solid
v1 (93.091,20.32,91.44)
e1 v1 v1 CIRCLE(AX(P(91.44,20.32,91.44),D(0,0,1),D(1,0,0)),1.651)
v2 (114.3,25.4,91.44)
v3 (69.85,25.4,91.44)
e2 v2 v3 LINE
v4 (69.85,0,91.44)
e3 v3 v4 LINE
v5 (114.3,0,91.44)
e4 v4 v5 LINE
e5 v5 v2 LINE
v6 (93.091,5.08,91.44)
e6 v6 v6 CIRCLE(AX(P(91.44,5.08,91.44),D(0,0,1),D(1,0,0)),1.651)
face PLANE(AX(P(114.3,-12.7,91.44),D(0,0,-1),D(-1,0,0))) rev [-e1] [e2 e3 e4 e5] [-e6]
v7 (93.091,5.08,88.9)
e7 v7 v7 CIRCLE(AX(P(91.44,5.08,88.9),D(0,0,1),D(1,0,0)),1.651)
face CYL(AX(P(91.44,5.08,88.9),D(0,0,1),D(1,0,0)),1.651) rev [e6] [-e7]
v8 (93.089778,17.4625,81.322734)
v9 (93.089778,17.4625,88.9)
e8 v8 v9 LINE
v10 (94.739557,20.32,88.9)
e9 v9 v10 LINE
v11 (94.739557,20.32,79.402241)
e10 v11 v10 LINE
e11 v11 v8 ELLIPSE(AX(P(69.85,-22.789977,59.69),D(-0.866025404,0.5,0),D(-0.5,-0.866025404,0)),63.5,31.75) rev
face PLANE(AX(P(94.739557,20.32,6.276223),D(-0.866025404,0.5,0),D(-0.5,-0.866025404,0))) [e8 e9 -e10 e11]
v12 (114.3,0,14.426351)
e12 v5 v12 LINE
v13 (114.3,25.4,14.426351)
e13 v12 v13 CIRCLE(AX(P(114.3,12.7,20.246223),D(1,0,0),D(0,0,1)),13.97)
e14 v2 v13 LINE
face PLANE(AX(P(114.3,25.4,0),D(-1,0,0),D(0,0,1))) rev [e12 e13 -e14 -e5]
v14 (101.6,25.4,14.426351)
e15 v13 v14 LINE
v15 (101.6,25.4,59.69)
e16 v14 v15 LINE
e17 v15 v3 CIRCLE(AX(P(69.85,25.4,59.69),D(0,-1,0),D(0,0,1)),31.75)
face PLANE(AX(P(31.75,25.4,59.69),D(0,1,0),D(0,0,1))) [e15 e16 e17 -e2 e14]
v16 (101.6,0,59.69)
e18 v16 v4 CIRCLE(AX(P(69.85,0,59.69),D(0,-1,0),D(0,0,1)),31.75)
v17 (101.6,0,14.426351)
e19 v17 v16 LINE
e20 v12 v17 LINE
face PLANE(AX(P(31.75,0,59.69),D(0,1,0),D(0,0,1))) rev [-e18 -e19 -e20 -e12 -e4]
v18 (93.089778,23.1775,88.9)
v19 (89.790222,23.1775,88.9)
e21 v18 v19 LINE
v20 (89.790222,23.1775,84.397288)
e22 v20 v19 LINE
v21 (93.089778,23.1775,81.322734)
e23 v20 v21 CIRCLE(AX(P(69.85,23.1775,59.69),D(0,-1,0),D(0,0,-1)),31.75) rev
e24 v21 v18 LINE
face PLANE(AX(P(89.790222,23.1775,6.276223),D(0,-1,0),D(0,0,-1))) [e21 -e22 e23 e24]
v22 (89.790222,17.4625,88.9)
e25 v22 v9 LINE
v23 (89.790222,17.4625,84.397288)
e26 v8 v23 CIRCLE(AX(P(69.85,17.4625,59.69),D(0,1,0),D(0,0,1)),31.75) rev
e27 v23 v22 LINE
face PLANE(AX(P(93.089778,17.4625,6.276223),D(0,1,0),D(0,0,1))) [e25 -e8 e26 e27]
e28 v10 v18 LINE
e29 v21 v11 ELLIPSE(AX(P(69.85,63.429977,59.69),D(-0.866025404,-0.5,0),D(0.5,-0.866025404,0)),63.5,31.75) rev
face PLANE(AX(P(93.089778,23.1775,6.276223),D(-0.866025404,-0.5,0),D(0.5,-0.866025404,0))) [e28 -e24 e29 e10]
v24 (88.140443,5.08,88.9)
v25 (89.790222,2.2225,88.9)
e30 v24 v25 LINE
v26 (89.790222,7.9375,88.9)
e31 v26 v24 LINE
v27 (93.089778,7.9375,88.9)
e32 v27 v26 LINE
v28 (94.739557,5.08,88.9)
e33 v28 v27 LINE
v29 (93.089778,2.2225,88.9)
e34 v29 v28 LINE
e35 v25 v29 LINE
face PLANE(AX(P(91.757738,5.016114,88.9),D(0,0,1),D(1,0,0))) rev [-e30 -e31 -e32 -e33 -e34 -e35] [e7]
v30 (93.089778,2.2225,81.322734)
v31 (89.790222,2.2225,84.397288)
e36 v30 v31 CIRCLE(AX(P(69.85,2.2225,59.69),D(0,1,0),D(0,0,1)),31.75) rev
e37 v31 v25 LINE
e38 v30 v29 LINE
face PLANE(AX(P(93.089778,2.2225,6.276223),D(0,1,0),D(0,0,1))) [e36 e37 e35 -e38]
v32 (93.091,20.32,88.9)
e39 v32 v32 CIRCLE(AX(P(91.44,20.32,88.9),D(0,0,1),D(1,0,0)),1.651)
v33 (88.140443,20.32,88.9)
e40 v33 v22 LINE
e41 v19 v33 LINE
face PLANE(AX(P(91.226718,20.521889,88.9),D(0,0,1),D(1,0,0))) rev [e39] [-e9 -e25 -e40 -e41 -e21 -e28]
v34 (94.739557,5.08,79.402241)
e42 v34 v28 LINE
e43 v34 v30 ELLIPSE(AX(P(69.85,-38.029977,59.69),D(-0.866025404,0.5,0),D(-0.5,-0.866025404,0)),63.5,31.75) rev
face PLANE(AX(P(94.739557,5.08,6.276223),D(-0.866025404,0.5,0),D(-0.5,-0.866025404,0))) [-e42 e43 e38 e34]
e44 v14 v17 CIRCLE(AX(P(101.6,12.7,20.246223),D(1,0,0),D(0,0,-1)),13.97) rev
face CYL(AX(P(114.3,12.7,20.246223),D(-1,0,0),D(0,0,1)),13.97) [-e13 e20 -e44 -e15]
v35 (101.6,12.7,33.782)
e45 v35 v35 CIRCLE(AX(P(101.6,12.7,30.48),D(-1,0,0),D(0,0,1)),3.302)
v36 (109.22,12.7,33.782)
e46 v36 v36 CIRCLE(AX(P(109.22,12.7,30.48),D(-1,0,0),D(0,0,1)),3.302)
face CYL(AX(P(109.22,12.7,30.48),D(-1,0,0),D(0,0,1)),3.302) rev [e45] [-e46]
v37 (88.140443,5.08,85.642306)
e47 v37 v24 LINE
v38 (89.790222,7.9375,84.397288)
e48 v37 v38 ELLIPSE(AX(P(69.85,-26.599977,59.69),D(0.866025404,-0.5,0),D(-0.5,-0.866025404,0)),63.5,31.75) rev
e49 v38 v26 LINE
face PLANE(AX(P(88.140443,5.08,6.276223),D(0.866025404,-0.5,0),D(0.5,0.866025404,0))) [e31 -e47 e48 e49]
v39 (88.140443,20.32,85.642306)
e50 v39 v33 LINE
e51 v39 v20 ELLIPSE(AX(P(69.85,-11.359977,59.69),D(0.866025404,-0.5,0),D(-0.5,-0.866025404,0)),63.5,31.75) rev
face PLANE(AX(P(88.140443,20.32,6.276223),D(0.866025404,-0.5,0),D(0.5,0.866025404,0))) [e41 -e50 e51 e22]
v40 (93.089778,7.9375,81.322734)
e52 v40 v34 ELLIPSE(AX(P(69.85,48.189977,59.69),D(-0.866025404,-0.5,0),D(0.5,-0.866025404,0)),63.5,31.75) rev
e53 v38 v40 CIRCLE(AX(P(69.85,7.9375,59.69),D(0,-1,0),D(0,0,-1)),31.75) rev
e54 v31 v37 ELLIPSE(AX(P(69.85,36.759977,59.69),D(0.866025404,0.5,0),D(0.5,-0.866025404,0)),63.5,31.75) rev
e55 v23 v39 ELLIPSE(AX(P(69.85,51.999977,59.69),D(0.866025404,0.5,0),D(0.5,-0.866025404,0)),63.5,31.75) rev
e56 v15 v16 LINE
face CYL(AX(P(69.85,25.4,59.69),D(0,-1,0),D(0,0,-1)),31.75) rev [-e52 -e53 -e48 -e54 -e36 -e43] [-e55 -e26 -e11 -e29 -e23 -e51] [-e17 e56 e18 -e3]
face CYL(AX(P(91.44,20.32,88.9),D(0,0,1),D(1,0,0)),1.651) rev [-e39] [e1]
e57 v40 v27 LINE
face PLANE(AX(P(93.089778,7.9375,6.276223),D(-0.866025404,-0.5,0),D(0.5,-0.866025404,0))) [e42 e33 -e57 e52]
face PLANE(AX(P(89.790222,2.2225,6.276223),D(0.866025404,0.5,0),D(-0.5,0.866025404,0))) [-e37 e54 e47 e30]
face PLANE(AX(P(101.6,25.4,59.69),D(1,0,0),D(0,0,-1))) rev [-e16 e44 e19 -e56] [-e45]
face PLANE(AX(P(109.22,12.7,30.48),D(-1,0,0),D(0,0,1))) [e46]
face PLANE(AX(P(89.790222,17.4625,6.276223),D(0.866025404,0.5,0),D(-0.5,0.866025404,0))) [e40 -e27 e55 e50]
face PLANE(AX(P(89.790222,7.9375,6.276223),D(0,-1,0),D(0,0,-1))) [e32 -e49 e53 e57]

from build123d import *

# Parameters (mm, degrees)
BOSS_EXTRUDE1_DEPTH     = 25.4
SKETCH4_R               = 3.302
CUT_EXTRUDE2_DEPTH      = 7.62
SKETCH2_R               = 1.5875
SKETCH2_R_2             = 3.302
CUT_EXTRUDE3_DEPTH      = 7.62
SKETCH6_W               = 121.92
SKETCH6_H               = 12.7
BOSS_EXTRUDE2_DEPTH     = 7.62
CUT_EXTRUDE4_DEPTH      = 3.81
SKETCH10_R              = 2.921
CUT_EXTRUDE5_DEPTH      = 3.048
SKETCH11_R              = 1.5875
CUT_EXTRUDE6_DEPTH      = 96.25
CUT_EXTRUDE7_REACH      = 101.06
SKETCH12_W              = 8.89
SKETCH12_H              = 20.32
CUT_EXTRUDE8_DEPTH      = 1
CUT_EXTRUDE8_DEPTH_BACK = 122.92
CUT_EXTRUDE9_DEPTH      = 86.163777405
SKETCH16_W              = 44.941172762
SKETCH16_H              = 85.163777405
CUT_EXTRUDE10_DEPTH     = 51.8
SKETCH18_R              = 4.468004781
SKETCH18_R_2            = 4.110212911
BOSS_EXTRUDE3_DEPTH     = 2.54
SKETCH19_R              = 1.651
CUT_EXTRUDE11_DEPTH     = 2.54


with BuildPart() as part:
    # Sketch1 → Boss-Extrude1 (new body)
    with BuildSketch(Plane(origin=(0, 0, 0), x_dir=(1, 0, 0), z_dir=(0, 1, 0))):
        with BuildLine():
            Line((0, 0), (0, -59.69))
            ThreePointArc((0, -59.69), (9.299359697, -82.140640303), (31.75, -91.44))
            Line((31.75, -91.44), (69.85, -91.44))
            ThreePointArc((69.85, -91.44), (92.300640303, -82.140640303), (101.6, -59.69))
            Line((101.6, -59.69), (101.6, 0))
            Line((101.6, 0), (114.3, 0))
            Line((114.3, 0), (114.3, -99.06))
            Line((114.3, -99.06), (-7.62, -99.06))
            Line((-7.62, -99.06), (-7.62, 0))
            Line((-7.62, 0), (0, 0))
        make_face()
    extrude(amount=BOSS_EXTRUDE1_DEPTH)

    # Sketch4 → Cut-Extrude2 (cut)
    with BuildSketch(Plane.ZY.offset(-101.6)):
        with Locations((30.48, 12.7)):
            Circle(SKETCH4_R)
    extrude(amount=-CUT_EXTRUDE2_DEPTH, mode=Mode.SUBTRACT)

    # Sketch2 → Cut-Extrude3 (cut)
    with BuildSketch(Plane(origin=(0, 0, 0), x_dir=(0, 0, -1), z_dir=(1, 0, 0))):
        with Locations((-15.24, 12.7)):
            Circle(SKETCH2_R)
        with Locations((-45.72, 12.7)):
            Circle(SKETCH2_R)
        with Locations((-30.48, 12.7)):
            Circle(SKETCH2_R_2)
    extrude(amount=-CUT_EXTRUDE3_DEPTH, mode=Mode.SUBTRACT)

    # Sketch6 → Boss-Extrude2 (add)
    with BuildSketch(Plane.XY.offset(99.06)):
        with Locations((53.34, 31.75)):
            Rectangle(SKETCH6_W, SKETCH6_H)
        with Locations((53.34, -6.35)):
            Rectangle(SKETCH6_W, SKETCH6_H)
    extrude(amount=-BOSS_EXTRUDE2_DEPTH)

    # Sketch7 → Cut-Extrude4 (cut)
    with BuildSketch(Plane.XY.offset(99.06)):
        Polygon((12.284426472, 29.21), (9.901413236, 33.3375), (5.135386764, 33.3375), (2.752373528, 29.21), (5.135386764, 25.0825), (9.901413236, 25.0825), align=None)
        Polygon((103.724426472, -3.81), (101.341413236, 0.3175), (96.575386764, 0.3175), (94.192373528, -3.81), (96.575386764, -7.9375), (101.341413236, -7.9375), align=None)
    extrude(amount=-CUT_EXTRUDE4_DEPTH, mode=Mode.SUBTRACT)

    # Sketch10 → Cut-Extrude5 (cut)
    with BuildSketch(Plane.ZY.offset(7.62)):
        with Locations((15.24, 12.7)):
            Circle(SKETCH10_R)
        with Locations((45.72, 12.7)):
            Circle(SKETCH10_R)
    extrude(amount=-CUT_EXTRUDE5_DEPTH, mode=Mode.SUBTRACT)

    # Sketch11 → Cut-Extrude6 (cut, through all)
    with BuildSketch(Plane.XY.offset(95.25)):
        with Locations((7.5184, 29.21)):
            Circle(SKETCH11_R)
        with Locations((98.9584, -3.81)):
            Circle(SKETCH11_R)
    extrude(amount=-CUT_EXTRUDE6_DEPTH, mode=Mode.SUBTRACT)

    # Sketch12 → Cut-Extrude7 (cut, up to next)
    with BuildSketch(Plane.XY.offset(99.06), mode=Mode.PRIVATE) as cut_extrude7_sk1:
        with Locations((62.8396, 12.7)):
            Rectangle(SKETCH12_W, SKETCH12_H)
    cut_extrude7_tool1 = extrude(cut_extrude7_sk1.sketch, amount=-CUT_EXTRUDE7_REACH, mode=Mode.PRIVATE) & part.part
    add(cut_extrude7_tool1.solids().sort_by_distance((62.8396, 12.7, 99.06))[0], mode=Mode.SUBTRACT)

    # Sketch14 → Cut-Extrude8 (cut, two sides)
    with BuildSketch(Plane.ZY.offset(7.62)) as cut_extrude8_sk:
        with BuildLine():
            Line((14.426351463, 25.4), (0, 25.4))
            Line((0, 25.4), (0, 0))
            Line((0, 0), (14.426351463, 0))
            ThreePointArc((14.426351463, 0), (6.276222595, 12.7), (14.426351463, 25.4))
        make_face()
    extrude(amount=CUT_EXTRUDE8_DEPTH, mode=Mode.SUBTRACT)
    extrude(cut_extrude8_sk.sketch, amount=-CUT_EXTRUDE8_DEPTH_BACK, mode=Mode.SUBTRACT)

    # Sketch15 → Cut-Extrude9 (cut, through all)
    with BuildSketch(Plane(origin=(0, 0, 91.44), x_dir=(-1, 0, 0), z_dir=(0, 0, -1))):
        Polygon((-88.140443212, 20.32), (-89.790221606, 23.1775), (-93.089778394, 23.1775), (-94.739556788, 20.32), (-93.089778394, 17.4625), (-89.790221606, 17.4625), align=None)
        Polygon((-88.140443212, 5.08), (-89.790221606, 7.9375), (-93.089778394, 7.9375), (-94.739556788, 5.08), (-93.089778394, 2.2225), (-89.790221606, 2.2225), align=None)
    extrude(amount=CUT_EXTRUDE9_DEPTH, mode=Mode.SUBTRACT)

    # Sketch16 → Cut-Extrude10 (cut, through all)
    with BuildSketch(Plane(origin=(0, 38.1, 0), x_dir=(1, 0, 0), z_dir=(0, 1, 0))):
        Polygon((114.3, -99.06), (114.3, -91.44), (37.321172762, -91.44), (-7.62, -91.44), (-7.62, -99.06), align=None)
        with Locations((14.850586381, -48.858111298)):
            Rectangle(SKETCH16_W, SKETCH16_H)
    extrude(amount=-CUT_EXTRUDE10_DEPTH, mode=Mode.SUBTRACT)

    # Sketch18 → Boss-Extrude3 (add)
    with BuildSketch(Plane.XY.offset(91.44)):
        with Locations((91.226718038, 20.521889117)):
            Circle(SKETCH18_R)
        with Locations((91.757737736, 5.016113912)):
            Circle(SKETCH18_R_2)
    extrude(amount=-BOSS_EXTRUDE3_DEPTH)

    # Sketch19 → Cut-Extrude11 (cut)
    with BuildSketch(Plane.XY.offset(91.44)):
        with Locations((91.44, 20.32)):
            Circle(SKETCH19_R)
        with Locations((91.44, 5.08)):
            Circle(SKETCH19_R)
    extrude(amount=-CUT_EXTRUDE11_DEPTH, mode=Mode.SUBTRACT)


solid = part.part
